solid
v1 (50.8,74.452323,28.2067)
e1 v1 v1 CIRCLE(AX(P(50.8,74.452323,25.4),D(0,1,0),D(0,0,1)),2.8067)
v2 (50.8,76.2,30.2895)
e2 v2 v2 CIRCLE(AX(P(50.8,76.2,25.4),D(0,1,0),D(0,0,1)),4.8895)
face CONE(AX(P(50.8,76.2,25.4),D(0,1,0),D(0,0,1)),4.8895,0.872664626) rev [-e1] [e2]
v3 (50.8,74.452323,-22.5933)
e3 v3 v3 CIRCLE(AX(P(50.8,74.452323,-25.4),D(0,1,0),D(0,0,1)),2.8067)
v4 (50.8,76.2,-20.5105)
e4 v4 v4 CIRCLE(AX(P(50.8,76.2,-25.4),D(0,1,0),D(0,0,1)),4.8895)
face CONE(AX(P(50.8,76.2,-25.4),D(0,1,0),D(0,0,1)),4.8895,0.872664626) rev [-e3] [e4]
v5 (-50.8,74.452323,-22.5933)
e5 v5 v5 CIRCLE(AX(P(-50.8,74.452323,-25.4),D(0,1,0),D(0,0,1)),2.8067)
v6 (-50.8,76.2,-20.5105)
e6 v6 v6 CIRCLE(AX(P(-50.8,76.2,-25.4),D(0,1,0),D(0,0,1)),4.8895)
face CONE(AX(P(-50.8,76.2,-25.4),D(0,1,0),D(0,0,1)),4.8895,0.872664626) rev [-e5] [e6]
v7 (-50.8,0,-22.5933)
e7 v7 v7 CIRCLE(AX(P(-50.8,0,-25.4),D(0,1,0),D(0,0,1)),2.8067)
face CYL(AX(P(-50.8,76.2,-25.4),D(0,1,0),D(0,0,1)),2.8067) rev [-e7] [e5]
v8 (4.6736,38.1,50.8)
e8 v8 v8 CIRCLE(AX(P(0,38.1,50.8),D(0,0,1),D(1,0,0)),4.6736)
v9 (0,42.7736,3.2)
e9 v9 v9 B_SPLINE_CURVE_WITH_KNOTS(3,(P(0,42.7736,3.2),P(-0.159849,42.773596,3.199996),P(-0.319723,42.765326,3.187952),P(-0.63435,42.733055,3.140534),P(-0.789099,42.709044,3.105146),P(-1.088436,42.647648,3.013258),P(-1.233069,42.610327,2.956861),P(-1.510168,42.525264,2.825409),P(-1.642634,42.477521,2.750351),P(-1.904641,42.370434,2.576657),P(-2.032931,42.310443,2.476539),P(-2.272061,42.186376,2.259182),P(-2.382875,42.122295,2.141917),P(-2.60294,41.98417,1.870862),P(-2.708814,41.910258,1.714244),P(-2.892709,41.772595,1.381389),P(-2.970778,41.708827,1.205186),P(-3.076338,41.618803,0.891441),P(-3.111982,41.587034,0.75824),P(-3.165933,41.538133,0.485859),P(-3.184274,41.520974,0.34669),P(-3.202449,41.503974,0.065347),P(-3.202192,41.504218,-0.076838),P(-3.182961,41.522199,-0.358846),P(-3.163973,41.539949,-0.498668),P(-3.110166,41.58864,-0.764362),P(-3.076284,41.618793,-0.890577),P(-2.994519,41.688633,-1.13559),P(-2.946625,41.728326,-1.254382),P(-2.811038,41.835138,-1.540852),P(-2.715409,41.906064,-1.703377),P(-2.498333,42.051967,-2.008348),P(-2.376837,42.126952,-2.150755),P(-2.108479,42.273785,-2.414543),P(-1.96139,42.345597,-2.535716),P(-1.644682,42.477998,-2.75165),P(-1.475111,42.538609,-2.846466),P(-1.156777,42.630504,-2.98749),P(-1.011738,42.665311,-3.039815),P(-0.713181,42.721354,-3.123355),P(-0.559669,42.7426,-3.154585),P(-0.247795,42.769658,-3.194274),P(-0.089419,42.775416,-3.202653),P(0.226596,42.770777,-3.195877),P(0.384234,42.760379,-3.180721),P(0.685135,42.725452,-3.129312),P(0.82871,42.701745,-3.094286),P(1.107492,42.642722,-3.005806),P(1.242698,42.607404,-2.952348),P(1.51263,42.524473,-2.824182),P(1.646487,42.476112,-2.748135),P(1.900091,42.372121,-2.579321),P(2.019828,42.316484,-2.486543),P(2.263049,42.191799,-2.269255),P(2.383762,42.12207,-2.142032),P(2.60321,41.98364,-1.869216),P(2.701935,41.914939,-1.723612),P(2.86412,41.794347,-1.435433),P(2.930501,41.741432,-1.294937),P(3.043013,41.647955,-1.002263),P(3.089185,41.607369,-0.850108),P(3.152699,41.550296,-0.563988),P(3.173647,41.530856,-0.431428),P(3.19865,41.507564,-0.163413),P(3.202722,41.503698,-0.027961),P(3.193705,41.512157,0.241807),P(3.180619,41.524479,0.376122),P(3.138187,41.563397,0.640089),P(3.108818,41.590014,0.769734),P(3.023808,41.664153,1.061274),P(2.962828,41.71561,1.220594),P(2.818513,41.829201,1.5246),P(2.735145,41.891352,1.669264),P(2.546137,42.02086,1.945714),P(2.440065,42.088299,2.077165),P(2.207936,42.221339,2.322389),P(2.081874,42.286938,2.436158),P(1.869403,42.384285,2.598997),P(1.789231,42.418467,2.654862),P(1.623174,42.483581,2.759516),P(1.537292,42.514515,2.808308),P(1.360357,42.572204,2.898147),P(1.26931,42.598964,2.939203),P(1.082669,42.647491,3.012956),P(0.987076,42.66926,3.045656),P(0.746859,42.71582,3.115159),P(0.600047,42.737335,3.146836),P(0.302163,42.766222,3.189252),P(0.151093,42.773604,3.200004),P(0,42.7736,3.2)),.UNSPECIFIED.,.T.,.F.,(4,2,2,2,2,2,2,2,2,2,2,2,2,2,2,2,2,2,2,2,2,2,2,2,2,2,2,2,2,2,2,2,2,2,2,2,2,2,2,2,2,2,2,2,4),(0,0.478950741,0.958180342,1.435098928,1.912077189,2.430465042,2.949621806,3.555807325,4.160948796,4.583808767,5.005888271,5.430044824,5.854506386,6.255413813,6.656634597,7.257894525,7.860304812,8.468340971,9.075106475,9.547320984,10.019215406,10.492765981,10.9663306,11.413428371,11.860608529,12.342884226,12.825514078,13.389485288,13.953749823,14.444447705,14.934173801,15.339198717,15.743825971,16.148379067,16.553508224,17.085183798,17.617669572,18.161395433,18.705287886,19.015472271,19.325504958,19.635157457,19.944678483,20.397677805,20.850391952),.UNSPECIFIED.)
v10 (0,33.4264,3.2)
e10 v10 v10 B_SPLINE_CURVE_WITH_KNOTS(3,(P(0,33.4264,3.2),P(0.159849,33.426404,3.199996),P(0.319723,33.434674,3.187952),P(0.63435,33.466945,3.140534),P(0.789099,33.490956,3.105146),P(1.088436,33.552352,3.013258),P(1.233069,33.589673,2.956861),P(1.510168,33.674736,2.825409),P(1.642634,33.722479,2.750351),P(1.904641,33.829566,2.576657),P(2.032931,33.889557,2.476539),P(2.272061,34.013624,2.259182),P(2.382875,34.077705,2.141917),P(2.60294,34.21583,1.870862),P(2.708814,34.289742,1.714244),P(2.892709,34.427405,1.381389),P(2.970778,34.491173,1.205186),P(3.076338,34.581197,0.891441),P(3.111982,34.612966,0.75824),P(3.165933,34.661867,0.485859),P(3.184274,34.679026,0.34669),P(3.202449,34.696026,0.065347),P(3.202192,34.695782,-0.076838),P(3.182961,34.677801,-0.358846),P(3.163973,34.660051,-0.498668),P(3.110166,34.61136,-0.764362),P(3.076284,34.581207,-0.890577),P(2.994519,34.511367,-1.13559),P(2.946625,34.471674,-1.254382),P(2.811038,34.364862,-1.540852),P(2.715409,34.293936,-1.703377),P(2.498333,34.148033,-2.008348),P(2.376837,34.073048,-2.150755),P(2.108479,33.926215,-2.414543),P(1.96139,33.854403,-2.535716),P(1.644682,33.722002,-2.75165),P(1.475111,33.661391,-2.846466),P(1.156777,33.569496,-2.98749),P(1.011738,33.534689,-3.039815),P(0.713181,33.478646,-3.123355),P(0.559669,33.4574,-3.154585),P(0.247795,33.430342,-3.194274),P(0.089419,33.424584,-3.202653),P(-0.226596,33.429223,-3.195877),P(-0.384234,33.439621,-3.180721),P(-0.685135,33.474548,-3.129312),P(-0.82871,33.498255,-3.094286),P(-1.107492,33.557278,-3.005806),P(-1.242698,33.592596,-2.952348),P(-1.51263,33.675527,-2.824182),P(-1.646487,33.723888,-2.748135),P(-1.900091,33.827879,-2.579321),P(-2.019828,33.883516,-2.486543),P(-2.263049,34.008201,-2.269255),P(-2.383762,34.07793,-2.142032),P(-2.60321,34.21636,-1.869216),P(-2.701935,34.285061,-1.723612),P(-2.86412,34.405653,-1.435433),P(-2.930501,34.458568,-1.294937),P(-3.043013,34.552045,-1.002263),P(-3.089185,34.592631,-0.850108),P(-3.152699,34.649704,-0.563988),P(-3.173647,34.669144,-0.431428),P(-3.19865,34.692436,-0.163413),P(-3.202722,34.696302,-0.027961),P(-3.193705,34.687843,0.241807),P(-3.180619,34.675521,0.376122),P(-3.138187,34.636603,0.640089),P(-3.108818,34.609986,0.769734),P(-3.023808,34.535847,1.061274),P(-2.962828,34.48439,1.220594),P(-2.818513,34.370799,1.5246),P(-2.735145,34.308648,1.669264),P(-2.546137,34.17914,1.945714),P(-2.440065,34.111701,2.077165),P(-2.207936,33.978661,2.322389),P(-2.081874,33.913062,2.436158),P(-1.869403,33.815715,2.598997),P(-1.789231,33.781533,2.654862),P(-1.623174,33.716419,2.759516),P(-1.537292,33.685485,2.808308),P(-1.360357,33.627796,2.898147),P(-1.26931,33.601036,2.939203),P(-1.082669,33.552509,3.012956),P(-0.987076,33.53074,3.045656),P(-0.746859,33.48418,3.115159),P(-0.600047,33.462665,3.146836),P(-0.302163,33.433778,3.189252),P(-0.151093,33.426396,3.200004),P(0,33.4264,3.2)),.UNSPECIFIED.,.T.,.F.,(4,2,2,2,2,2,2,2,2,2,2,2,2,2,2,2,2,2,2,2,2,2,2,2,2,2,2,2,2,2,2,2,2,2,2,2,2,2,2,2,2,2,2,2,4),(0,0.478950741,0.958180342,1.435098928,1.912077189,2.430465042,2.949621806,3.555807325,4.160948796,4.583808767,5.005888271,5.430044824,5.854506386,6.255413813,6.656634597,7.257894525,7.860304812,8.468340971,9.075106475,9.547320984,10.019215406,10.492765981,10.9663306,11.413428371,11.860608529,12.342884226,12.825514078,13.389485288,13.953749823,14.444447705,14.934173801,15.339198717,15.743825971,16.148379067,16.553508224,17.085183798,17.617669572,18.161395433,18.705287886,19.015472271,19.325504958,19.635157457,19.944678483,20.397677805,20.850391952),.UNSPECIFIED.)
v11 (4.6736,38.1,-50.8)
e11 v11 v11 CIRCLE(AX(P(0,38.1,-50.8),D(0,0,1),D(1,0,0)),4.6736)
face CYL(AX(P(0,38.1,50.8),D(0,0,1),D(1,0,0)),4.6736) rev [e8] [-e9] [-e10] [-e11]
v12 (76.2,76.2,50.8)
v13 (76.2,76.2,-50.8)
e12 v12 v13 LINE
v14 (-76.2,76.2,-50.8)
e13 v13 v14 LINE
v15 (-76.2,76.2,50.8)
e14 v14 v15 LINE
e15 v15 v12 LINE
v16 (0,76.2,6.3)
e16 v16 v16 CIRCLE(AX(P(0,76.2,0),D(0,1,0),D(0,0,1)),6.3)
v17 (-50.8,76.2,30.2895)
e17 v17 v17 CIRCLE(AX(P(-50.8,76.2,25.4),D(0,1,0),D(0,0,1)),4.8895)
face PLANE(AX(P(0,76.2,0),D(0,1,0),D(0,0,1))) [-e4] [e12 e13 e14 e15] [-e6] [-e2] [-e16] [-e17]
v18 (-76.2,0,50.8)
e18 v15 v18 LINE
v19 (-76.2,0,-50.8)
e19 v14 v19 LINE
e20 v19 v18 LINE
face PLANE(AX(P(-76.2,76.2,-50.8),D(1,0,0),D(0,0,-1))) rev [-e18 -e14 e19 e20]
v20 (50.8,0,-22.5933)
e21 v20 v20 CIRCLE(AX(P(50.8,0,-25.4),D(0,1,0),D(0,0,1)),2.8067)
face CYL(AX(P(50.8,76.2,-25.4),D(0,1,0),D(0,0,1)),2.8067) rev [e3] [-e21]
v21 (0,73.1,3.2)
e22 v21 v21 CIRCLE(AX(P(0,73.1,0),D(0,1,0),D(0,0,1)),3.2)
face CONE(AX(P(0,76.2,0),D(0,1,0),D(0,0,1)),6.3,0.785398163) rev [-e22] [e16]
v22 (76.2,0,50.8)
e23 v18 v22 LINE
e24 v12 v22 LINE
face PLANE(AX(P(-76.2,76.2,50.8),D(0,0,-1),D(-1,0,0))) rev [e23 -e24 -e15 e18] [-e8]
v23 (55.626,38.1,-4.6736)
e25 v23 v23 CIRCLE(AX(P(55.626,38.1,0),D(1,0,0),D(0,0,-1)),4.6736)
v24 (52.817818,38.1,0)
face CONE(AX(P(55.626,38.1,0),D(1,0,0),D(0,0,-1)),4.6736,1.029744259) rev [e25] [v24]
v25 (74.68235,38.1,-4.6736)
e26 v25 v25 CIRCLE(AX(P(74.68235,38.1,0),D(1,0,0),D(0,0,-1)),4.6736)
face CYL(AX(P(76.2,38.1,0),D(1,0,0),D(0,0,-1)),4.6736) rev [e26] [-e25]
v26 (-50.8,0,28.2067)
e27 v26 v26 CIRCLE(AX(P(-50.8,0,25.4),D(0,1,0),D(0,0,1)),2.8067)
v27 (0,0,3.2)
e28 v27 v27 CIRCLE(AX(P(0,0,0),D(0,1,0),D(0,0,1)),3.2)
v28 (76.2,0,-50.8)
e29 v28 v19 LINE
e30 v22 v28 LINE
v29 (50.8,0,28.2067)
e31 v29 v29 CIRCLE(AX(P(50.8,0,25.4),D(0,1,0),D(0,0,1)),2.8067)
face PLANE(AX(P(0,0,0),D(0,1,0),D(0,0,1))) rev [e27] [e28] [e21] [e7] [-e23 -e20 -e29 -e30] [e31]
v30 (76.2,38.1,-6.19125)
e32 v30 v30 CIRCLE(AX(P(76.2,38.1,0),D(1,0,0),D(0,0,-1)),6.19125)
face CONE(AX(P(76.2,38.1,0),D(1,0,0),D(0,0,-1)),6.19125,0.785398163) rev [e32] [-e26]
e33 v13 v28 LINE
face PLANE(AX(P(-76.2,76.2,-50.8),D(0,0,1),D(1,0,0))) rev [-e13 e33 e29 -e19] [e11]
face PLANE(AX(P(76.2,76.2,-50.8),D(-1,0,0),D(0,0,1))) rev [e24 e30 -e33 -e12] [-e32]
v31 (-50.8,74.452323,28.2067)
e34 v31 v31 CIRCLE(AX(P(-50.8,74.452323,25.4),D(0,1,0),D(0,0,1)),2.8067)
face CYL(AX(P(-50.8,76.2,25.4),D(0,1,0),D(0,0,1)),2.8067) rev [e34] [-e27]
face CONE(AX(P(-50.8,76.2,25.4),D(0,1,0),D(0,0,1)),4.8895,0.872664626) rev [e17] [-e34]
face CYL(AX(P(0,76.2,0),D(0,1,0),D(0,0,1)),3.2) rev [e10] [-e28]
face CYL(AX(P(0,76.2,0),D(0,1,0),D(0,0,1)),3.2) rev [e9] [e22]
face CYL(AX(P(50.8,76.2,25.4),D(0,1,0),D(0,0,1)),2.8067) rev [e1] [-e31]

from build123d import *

# Parameters (mm, degrees)
SKETCH1_W                                          = 152.4
SKETCH1_H                                          = 101.6
BOSS_EXTRUDE1_DEPTH                                = 76.2
CSK_FOR_10_FLAT_HEAD_MACHINE_SCREW_100_D           = 5.6134
CSK_FOR_10_FLAT_HEAD_MACHINE_SCREW_100_CSINK_D     = 9.779
CSK_FOR_10_FLAT_HEAD_MACHINE_SCREW_100_CSINK_ANGLE = 100
CSK_FOR_M6_FLAT_HEAD_MACHINE_SCREW1_D              = 6.4
CSK_FOR_M6_FLAT_HEAD_MACHINE_SCREW1_CSINK_D        = 12.6
CSK_FOR_M6_FLAT_HEAD_MACHINE_SCREW1_CSINK_ANGLE    = 90
F_7_16_14_TAPPED_HOLE3_D                           = 9.3472
F_7_16_14_TAPPED_HOLE3_DEPTH                       = 20.574
F_7_16_14_TAPPED_HOLE3_CSINK_D                     = 12.3825
F_7_16_14_TAPPED_HOLE3_CSINK_ANGLE                 = 90
F_7_16_14_TAPPED_HOLE3_TIP                         = 2.808182189
F_7_16_14_TAPPED_HOLE2_D                           = 9.3472


with BuildPart() as part:
    # Sketch1 → Boss-Extrude1 (new body)
    with BuildSketch(Plane(origin=(0, 0, 0), x_dir=(1, 0, 0), z_dir=(0, 1, 0))):
        Rectangle(SKETCH1_W, SKETCH1_H)
    extrude(amount=BOSS_EXTRUDE1_DEPTH)

    # CSK for #10 Flat Head Machine Screw (100)1 (through all)
    with Locations(Plane(origin=(0, 76.2, 0), x_dir=(1, 0, 0), z_dir=(0, 1, 0))):
        with Locations((-50.8, 25.4), (-50.8, -25.4), (50.8, -25.4), (50.8, 25.4)):
            CounterSinkHole(CSK_FOR_10_FLAT_HEAD_MACHINE_SCREW_100_D / 2, CSK_FOR_10_FLAT_HEAD_MACHINE_SCREW_100_CSINK_D / 2, counter_sink_angle=CSK_FOR_10_FLAT_HEAD_MACHINE_SCREW_100_CSINK_ANGLE)

    # CSK for M6 Flat Head Machine Screw1 (through all)
    with Locations(Plane(origin=(0, 76.2, 0), x_dir=(1, 0, 0), z_dir=(0, 1, 0))):
        with Locations((0, 0)):
            CounterSinkHole(CSK_FOR_M6_FLAT_HEAD_MACHINE_SCREW1_D / 2, CSK_FOR_M6_FLAT_HEAD_MACHINE_SCREW1_CSINK_D / 2, counter_sink_angle=CSK_FOR_M6_FLAT_HEAD_MACHINE_SCREW1_CSINK_ANGLE)

    # 7/16-14 Tapped Hole3
    with Locations(Plane(origin=(76.2, 0, 0), x_dir=(0, 0, -1), z_dir=(1, 0, 0))):
        with Locations((0, 38.1)):
            CounterSinkHole(F_7_16_14_TAPPED_HOLE3_D / 2, F_7_16_14_TAPPED_HOLE3_CSINK_D / 2, depth=F_7_16_14_TAPPED_HOLE3_DEPTH, counter_sink_angle=F_7_16_14_TAPPED_HOLE3_CSINK_ANGLE)
            with Locations((0, 0, -(F_7_16_14_TAPPED_HOLE3_DEPTH + F_7_16_14_TAPPED_HOLE3_TIP / 2))):  # 118° drill point
                Cone(0, F_7_16_14_TAPPED_HOLE3_D / 2, F_7_16_14_TAPPED_HOLE3_TIP, mode=Mode.SUBTRACT)

    # 7/16-14 Tapped Hole2 (through all)
    with Locations(Plane.XY.offset(50.8)):
        with Locations((0, 38.1)):
            Hole(F_7_16_14_TAPPED_HOLE2_D / 2)


solid = part.part
